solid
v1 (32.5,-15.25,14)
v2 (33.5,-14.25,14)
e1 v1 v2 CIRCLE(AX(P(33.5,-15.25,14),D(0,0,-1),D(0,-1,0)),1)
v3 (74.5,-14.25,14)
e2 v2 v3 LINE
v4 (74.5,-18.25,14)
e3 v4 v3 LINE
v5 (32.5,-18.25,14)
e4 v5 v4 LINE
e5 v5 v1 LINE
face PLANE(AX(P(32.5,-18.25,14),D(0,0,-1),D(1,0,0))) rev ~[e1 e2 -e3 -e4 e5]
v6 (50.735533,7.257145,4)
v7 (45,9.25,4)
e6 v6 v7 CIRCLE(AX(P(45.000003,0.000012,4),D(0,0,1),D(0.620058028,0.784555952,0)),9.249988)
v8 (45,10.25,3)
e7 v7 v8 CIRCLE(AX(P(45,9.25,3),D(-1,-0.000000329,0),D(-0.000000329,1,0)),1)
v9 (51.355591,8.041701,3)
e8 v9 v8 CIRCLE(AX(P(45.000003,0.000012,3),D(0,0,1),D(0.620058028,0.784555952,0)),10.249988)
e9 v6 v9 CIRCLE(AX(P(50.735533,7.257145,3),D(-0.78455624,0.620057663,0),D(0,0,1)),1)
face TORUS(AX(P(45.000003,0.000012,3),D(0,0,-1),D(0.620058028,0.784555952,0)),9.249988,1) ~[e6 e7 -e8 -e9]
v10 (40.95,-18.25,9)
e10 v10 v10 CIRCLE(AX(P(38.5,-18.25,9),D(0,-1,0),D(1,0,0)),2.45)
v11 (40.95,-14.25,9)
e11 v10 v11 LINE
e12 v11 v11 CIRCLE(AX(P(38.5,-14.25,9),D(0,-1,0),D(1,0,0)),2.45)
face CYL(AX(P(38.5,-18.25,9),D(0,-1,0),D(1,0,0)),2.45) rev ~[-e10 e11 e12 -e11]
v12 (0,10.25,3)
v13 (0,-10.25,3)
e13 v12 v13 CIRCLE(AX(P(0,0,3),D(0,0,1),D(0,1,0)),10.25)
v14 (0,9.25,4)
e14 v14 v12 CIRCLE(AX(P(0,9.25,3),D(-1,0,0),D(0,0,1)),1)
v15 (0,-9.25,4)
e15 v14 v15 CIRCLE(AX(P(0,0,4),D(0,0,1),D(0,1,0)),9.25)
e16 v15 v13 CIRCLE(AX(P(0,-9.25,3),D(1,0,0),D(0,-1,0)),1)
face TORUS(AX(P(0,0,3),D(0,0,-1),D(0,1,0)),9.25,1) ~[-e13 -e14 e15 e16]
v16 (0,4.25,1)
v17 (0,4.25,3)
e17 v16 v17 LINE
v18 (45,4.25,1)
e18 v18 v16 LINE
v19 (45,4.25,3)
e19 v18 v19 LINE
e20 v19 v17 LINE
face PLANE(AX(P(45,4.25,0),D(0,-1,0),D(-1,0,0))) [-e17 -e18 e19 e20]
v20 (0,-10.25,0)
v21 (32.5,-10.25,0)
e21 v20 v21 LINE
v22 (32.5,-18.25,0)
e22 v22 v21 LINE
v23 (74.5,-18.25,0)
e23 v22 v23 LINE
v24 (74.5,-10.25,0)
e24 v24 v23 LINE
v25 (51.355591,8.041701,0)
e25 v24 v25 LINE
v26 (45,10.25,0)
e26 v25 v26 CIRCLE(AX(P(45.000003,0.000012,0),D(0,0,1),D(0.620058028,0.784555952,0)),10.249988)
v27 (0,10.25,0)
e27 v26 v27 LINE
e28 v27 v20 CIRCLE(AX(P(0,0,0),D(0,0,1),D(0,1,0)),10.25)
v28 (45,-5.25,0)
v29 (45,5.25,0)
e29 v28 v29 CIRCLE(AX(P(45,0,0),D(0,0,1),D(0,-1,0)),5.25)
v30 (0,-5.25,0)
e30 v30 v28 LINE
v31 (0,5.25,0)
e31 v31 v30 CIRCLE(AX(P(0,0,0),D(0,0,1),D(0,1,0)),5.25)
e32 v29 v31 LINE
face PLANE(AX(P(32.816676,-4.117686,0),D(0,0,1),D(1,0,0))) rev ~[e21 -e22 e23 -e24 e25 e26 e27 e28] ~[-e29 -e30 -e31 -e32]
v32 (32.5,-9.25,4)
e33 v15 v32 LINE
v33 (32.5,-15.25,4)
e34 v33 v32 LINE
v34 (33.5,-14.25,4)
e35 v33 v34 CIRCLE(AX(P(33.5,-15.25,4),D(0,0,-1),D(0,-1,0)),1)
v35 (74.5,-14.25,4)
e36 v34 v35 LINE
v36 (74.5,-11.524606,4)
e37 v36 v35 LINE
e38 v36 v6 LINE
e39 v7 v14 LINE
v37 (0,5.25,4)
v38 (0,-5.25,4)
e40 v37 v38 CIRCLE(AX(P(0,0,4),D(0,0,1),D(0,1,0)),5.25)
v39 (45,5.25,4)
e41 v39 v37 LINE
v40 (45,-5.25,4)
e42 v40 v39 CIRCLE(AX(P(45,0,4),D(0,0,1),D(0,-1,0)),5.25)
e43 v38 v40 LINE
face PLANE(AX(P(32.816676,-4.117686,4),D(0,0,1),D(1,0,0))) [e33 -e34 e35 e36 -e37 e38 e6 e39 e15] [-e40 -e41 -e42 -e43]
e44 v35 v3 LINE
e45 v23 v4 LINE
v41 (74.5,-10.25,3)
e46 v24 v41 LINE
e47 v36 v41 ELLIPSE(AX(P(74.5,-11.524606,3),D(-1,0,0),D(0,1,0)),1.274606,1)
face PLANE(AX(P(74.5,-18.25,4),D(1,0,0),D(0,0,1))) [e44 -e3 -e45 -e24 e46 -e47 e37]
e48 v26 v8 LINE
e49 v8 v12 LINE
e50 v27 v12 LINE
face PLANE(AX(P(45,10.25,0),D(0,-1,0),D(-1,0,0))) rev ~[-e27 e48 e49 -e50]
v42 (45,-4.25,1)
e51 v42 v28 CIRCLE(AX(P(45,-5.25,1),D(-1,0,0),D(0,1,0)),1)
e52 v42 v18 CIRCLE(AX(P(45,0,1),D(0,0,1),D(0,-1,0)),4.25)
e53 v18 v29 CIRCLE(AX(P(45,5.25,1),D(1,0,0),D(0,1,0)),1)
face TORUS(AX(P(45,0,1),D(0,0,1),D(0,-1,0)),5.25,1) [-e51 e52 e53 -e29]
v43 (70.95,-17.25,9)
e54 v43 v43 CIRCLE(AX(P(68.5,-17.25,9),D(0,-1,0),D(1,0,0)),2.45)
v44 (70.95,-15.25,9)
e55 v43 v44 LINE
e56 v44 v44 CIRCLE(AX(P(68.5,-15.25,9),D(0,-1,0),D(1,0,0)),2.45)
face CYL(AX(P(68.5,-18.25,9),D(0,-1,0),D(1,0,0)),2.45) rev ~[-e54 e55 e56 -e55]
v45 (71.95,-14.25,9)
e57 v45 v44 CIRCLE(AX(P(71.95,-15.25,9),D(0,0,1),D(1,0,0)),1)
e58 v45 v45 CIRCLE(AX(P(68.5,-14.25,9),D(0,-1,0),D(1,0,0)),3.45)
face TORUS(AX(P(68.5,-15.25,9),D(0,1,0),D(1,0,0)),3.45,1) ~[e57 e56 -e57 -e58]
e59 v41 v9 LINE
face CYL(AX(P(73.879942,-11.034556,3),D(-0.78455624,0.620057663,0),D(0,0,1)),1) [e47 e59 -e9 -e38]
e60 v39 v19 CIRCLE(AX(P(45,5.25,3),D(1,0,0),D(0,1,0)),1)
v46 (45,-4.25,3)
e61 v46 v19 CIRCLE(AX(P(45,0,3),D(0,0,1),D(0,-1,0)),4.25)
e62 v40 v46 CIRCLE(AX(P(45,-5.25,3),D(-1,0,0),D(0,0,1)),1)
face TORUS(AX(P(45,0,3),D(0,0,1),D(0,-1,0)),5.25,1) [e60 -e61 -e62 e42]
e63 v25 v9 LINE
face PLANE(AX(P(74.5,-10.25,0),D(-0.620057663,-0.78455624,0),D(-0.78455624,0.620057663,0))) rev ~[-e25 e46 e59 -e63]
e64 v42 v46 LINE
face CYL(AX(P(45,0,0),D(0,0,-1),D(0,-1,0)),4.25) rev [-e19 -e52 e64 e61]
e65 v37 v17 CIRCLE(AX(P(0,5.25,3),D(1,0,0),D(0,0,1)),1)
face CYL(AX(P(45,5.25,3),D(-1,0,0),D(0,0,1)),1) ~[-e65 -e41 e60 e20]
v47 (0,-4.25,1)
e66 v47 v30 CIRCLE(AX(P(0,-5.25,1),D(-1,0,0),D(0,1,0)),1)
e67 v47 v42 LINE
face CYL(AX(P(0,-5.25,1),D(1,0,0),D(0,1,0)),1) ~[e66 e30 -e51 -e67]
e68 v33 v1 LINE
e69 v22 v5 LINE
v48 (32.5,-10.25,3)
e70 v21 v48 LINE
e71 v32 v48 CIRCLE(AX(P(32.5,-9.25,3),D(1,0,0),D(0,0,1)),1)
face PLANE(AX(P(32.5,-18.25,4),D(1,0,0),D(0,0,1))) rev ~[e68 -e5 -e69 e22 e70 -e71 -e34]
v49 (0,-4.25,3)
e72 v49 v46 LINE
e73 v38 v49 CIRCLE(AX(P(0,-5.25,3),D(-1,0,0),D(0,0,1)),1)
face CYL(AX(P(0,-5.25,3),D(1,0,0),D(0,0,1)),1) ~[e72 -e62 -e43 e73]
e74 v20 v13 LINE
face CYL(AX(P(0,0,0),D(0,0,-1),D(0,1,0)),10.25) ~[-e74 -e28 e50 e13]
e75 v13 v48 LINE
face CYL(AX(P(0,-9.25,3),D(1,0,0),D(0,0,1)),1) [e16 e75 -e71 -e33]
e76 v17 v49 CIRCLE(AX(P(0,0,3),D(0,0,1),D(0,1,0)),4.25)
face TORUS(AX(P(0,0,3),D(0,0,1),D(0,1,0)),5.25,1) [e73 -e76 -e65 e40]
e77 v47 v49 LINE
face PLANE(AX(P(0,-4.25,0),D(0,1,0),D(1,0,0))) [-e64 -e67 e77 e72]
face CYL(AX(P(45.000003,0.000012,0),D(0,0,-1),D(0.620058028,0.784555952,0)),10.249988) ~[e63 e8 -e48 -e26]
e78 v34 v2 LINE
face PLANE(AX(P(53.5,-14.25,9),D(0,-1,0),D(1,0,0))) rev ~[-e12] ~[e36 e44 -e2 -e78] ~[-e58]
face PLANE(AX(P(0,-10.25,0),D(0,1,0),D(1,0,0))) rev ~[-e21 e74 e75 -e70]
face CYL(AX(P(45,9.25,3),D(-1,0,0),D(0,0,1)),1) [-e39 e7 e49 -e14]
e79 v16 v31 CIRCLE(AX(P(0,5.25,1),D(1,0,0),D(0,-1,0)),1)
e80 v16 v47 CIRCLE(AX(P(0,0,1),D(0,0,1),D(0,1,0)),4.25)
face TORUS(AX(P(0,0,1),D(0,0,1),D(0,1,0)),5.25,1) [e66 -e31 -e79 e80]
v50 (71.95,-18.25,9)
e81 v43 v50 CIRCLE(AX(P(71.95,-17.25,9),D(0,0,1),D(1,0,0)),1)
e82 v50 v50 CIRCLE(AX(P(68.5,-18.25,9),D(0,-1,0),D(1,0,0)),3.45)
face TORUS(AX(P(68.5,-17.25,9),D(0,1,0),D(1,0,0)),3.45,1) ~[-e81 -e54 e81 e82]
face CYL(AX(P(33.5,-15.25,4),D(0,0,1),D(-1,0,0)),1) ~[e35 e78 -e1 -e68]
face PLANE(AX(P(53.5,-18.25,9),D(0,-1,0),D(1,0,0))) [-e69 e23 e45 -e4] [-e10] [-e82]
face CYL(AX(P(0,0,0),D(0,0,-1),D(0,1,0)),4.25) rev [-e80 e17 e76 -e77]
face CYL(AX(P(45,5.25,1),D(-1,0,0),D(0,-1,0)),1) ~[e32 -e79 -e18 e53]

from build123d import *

# Parameters (mm, degrees)
PAD011_DEPTH = 4
SKETCH013_W  = 42
SKETCH013_H  = 10
SKETCH013_R  = 2.45
PAD012_DEPTH = 4
FILLET005_R  = 1


with BuildPart() as part:
    # Sketch012 → Pad011 (new body)
    with BuildSketch(Plane.XY):
        with BuildLine():
            ThreePointArc((0, 10.25), (-10.25, 0), (0, -10.25))
            Line((0, -10.25), (32.5, -10.25))
            Line((32.5, -18.25), (32.5, -10.25))
            Line((32.5, -18.25), (74.5, -18.25))
            Line((74.5, -10.25), (74.5, -18.25))
            Line((74.5, -10.25), (51.355591, 8.041701))
            ThreePointArc((51.355591, 8.041701), (48.364154, 9.682199), (45, 10.25))
            Line((45, 10.25), (0, 10.25))
        make_face()
        with BuildLine():
            ThreePointArc((0, 4.25), (-4.25, 0), (0, -4.25))
            Line((0, -4.25), (45, -4.25))
            ThreePointArc((45, -4.25), (49.25, 0), (45, 4.25))
            Line((45, 4.25), (0, 4.25))
        make_face(mode=Mode.SUBTRACT)
    extrude(amount=PAD011_DEPTH)

    # Sketch013 → Pad012 (join)
    with BuildSketch(Plane(origin=(32.5, -18.25, 4), x_dir=(1, 0, 0), z_dir=(0, -1, 0))):
        with Locations((21, 5)):
            Rectangle(SKETCH013_W, SKETCH013_H)
        with Locations((6, 5)):
            Circle(SKETCH013_R, mode=Mode.SUBTRACT)
        with Locations((36, 5)):
            Circle(SKETCH013_R, mode=Mode.SUBTRACT)
    extrude(amount=-PAD012_DEPTH)

    # Fillet005
    fillet005_edges = [part.edges().sort_by_distance(p)[0] for p in [
        (0, -4.25, 2),
        (45, -4.25, 2),
        (22.5, -4.25, 0),
        (22.5, -4.25, 4),
        (70.95, -16.25, 9),
        (66.05, -18.25, 9),
        (66.05, -14.25, 9),
        (32.5, -14.25, 9),
        (16.25, -10.25, 4),
    ]]
    fillet(fillet005_edges, radius=FILLET005_R)


solid = part.part
